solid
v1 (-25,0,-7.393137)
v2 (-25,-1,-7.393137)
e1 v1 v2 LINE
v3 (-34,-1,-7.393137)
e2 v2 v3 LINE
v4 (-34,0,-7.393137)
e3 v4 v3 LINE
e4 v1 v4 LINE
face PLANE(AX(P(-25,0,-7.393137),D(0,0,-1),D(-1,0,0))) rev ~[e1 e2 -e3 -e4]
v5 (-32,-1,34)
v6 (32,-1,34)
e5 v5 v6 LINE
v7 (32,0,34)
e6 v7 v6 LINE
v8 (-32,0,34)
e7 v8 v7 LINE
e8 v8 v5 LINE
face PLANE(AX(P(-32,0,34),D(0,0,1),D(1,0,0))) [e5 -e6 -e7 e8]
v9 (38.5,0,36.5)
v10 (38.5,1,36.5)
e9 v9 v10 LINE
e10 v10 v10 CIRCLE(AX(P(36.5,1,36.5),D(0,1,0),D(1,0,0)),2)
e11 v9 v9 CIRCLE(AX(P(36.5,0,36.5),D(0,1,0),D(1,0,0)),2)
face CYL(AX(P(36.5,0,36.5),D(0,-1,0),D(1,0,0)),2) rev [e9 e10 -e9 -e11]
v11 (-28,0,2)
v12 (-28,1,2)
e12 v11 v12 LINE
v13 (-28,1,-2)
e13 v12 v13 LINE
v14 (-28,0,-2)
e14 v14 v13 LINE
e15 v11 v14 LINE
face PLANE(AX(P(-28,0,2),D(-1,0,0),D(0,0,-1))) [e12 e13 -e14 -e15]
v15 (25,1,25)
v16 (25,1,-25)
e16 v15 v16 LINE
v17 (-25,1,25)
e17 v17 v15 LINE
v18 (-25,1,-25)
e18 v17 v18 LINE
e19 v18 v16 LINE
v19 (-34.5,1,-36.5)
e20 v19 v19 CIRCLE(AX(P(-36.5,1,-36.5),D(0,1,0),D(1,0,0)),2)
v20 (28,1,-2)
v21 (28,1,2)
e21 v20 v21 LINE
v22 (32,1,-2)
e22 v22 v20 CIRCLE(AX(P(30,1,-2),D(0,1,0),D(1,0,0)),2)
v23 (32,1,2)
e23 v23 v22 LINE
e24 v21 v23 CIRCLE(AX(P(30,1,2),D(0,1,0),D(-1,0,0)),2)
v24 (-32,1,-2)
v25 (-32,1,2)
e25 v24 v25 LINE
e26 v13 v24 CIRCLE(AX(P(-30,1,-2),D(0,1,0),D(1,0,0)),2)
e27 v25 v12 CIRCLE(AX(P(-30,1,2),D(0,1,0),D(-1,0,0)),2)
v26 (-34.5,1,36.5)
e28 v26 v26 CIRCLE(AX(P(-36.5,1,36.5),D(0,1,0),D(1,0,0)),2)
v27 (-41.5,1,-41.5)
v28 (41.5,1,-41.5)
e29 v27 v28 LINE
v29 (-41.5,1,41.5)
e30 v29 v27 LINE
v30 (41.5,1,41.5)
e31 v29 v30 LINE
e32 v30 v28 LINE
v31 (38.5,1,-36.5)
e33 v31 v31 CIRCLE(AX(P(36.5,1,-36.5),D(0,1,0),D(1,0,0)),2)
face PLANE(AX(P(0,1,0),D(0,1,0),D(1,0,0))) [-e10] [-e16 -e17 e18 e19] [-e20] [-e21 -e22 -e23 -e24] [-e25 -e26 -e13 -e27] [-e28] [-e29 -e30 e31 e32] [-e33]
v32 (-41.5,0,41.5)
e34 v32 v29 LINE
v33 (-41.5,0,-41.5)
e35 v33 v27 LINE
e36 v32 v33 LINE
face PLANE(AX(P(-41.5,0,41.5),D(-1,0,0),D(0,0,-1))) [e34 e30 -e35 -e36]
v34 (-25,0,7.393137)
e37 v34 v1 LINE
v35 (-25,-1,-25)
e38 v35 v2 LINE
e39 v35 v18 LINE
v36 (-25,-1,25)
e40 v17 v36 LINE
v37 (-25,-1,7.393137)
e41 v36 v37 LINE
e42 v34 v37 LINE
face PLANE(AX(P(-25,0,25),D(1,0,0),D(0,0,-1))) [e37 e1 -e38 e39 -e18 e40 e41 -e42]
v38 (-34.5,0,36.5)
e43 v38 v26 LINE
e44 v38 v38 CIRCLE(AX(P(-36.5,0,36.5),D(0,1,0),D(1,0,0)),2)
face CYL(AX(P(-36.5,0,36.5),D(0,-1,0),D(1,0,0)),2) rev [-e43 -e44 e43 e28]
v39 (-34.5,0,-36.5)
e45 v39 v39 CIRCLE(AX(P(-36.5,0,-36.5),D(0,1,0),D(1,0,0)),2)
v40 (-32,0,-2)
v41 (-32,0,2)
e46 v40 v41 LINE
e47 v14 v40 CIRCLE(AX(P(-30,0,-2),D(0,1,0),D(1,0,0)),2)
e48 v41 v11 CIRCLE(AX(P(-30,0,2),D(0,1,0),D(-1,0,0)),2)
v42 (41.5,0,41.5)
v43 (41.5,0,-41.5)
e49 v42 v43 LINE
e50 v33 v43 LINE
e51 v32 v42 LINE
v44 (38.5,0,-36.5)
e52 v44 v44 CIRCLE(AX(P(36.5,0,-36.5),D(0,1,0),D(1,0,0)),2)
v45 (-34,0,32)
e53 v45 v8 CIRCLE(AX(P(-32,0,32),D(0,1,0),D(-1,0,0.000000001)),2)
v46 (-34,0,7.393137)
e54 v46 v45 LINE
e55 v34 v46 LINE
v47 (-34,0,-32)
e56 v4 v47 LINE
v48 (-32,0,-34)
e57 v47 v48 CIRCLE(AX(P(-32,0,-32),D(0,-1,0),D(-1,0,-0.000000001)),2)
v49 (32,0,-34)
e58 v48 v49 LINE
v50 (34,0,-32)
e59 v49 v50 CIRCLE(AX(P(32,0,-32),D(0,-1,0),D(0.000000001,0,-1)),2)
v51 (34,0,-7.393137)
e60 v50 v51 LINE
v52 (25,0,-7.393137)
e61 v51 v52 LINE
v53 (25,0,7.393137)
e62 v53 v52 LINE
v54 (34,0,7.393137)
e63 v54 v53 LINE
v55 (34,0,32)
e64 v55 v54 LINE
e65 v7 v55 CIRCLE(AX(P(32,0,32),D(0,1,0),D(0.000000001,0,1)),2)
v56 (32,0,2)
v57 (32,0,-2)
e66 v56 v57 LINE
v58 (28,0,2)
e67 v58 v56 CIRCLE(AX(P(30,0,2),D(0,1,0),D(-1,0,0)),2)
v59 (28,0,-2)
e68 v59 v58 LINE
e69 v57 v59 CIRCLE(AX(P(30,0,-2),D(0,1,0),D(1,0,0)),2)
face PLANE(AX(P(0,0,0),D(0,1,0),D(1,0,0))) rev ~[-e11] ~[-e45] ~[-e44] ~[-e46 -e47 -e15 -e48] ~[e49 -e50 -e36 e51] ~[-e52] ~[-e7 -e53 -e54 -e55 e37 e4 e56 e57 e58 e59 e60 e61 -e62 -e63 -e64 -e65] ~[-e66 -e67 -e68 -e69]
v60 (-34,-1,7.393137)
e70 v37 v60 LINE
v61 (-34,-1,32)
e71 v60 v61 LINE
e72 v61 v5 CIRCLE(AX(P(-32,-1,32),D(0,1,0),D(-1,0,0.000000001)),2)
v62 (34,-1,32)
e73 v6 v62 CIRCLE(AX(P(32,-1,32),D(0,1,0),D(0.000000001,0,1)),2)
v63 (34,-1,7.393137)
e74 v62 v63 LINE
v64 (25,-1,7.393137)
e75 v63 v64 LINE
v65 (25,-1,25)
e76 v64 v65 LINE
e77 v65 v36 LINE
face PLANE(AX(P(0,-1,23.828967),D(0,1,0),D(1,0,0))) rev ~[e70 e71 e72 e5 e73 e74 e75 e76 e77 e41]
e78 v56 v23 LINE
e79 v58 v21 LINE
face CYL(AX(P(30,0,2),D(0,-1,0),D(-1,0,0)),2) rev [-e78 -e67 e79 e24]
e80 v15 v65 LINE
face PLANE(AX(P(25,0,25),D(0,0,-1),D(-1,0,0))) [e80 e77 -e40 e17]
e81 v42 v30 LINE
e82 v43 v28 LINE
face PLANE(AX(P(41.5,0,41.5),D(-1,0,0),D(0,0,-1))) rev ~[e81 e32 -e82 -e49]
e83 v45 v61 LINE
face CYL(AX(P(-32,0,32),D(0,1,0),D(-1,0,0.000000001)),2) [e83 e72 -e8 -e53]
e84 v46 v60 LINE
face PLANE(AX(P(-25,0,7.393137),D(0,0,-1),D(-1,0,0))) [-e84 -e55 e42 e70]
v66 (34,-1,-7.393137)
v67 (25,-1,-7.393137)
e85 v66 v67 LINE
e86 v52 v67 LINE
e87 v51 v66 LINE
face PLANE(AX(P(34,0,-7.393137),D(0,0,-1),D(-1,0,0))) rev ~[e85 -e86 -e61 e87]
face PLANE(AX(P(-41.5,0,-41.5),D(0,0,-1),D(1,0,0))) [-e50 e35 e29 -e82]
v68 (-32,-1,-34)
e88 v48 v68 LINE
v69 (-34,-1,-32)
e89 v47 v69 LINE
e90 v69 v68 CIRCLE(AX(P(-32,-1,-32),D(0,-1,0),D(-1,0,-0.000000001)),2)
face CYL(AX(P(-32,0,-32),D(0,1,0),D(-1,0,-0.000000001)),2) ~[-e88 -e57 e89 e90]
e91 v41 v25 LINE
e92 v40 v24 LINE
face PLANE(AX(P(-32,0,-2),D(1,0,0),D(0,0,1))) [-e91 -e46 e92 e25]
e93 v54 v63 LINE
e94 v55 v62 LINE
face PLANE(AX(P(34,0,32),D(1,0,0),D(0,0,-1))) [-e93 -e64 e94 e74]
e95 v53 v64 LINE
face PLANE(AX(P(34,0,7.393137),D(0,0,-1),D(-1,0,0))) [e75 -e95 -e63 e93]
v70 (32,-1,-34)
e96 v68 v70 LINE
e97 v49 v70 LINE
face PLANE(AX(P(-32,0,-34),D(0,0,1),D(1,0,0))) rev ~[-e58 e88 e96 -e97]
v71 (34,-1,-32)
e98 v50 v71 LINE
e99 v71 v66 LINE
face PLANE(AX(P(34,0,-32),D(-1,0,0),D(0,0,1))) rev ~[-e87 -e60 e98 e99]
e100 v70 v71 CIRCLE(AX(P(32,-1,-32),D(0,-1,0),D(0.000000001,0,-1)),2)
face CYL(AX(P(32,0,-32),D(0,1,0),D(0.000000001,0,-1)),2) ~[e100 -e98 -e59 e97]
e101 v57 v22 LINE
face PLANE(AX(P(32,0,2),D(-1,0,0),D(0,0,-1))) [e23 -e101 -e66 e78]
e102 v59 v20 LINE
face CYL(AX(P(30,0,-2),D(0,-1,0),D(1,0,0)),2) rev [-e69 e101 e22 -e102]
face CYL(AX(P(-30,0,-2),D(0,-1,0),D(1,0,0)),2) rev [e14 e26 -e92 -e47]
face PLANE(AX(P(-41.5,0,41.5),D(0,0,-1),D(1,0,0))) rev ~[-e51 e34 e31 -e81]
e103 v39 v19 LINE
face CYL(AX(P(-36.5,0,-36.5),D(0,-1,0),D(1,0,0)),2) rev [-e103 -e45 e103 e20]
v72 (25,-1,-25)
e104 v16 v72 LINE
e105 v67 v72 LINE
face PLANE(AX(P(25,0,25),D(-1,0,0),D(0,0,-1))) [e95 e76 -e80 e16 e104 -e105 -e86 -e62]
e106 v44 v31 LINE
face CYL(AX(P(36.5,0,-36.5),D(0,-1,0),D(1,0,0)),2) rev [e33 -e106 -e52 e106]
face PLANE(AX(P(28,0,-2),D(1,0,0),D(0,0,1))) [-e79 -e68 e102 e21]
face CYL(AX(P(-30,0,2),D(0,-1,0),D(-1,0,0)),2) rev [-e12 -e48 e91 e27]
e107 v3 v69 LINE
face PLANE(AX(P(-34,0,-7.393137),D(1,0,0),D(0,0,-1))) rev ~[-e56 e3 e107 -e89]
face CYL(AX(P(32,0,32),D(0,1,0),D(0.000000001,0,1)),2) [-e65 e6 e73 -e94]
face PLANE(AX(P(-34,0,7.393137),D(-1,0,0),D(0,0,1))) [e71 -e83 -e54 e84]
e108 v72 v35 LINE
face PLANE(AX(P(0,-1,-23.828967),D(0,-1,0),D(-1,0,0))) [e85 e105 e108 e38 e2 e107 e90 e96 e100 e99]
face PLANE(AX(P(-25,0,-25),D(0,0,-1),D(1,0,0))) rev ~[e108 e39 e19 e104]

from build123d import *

# Parameters (mm, degrees)
SKETCH_1_W      = 83
SKETCH_1_H      = 83
SKETCH_1_R      = 2
SKETCH_1_W_2    = 50
SKETCH_1_H_2    = 50
EXTRUDE_1_DEPTH = 1
EXTRUDE_2_DEPTH = 1


with BuildPart() as part:
    # Эскиз1 → Бобышка-Вытянуть1 (new body)
    with BuildSketch(Plane(origin=(0, 0, 0), x_dir=(1, 0, 0), z_dir=(0, 1, 0))):
        Rectangle(SKETCH_1_W, SKETCH_1_H)
        with Locations((36.5, 36.5)):
            Circle(SKETCH_1_R, mode=Mode.SUBTRACT)
        with Locations((-36.5, 36.5)):
            Circle(SKETCH_1_R, mode=Mode.SUBTRACT)
        with Locations((-36.5, -36.5)):
            Circle(SKETCH_1_R, mode=Mode.SUBTRACT)
        with Locations((36.5, -36.5)):
            Circle(SKETCH_1_R, mode=Mode.SUBTRACT)
        with BuildLine():
            Line((28, 2), (28, -2))
            ThreePointArc((28, -2), (30, -4), (32, -2))
            Line((32, -2), (32, 2))
            ThreePointArc((32, 2), (30, 4), (28, 2))
        make_face(mode=Mode.SUBTRACT)
        Rectangle(SKETCH_1_W_2, SKETCH_1_H_2, mode=Mode.SUBTRACT)
        with BuildLine():
            Line((-32, 2), (-32, -2))
            ThreePointArc((-32, -2), (-30, -4), (-28, -2))
            Line((-28, -2), (-28, 2))
            ThreePointArc((-28, 2), (-30, 4), (-32, 2))
        make_face(mode=Mode.SUBTRACT)
    extrude(amount=EXTRUDE_1_DEPTH)

    # Эскиз2 → Бобышка-Вытянуть2 (add)
    with BuildSketch(Plane(origin=(0, 0, 0), x_dir=(1, 0, 0), z_dir=(0, 1, 0))):
        with BuildLine():
            Line((-25, -7.393137128), (-34, -7.393137128))
            Line((-34, -7.393137128), (-34, -32))
            ThreePointArc((-34, -32), (-33.414213562, -33.414213562), (-32, -34))
            Line((-32, -34), (32, -34))
            ThreePointArc((32, -34), (33.414213562, -33.414213562), (34, -32))
            Line((34, -32), (34, -7.393137128))
            Line((34, -7.393137128), (25, -7.393137128))
            Line((25, -7.393137128), (25, -25))
            Line((25, -25), (-25, -25))
            Line((-25, -25), (-25, -7.393137128))
        make_face()
        with BuildLine():
            Line((-25, 25), (-25, 7.393137128))
            Line((-25, 7.393137128), (-34, 7.393137128))
            Line((-34, 7.393137128), (-34, 32))
            ThreePointArc((-34, 32), (-33.414213562, 33.414213562), (-32, 34))
            Line((-32, 34), (32, 34))
            ThreePointArc((32, 34), (33.414213562, 33.414213562), (34, 32))
            Line((34, 32), (34, 7.393137128))
            Line((34, 7.393137128), (25, 7.393137128))
            Line((25, 7.393137128), (25, 25))
            Line((25, 25), (-25, 25))
        make_face()
    extrude(amount=-EXTRUDE_2_DEPTH)


solid = part.part
